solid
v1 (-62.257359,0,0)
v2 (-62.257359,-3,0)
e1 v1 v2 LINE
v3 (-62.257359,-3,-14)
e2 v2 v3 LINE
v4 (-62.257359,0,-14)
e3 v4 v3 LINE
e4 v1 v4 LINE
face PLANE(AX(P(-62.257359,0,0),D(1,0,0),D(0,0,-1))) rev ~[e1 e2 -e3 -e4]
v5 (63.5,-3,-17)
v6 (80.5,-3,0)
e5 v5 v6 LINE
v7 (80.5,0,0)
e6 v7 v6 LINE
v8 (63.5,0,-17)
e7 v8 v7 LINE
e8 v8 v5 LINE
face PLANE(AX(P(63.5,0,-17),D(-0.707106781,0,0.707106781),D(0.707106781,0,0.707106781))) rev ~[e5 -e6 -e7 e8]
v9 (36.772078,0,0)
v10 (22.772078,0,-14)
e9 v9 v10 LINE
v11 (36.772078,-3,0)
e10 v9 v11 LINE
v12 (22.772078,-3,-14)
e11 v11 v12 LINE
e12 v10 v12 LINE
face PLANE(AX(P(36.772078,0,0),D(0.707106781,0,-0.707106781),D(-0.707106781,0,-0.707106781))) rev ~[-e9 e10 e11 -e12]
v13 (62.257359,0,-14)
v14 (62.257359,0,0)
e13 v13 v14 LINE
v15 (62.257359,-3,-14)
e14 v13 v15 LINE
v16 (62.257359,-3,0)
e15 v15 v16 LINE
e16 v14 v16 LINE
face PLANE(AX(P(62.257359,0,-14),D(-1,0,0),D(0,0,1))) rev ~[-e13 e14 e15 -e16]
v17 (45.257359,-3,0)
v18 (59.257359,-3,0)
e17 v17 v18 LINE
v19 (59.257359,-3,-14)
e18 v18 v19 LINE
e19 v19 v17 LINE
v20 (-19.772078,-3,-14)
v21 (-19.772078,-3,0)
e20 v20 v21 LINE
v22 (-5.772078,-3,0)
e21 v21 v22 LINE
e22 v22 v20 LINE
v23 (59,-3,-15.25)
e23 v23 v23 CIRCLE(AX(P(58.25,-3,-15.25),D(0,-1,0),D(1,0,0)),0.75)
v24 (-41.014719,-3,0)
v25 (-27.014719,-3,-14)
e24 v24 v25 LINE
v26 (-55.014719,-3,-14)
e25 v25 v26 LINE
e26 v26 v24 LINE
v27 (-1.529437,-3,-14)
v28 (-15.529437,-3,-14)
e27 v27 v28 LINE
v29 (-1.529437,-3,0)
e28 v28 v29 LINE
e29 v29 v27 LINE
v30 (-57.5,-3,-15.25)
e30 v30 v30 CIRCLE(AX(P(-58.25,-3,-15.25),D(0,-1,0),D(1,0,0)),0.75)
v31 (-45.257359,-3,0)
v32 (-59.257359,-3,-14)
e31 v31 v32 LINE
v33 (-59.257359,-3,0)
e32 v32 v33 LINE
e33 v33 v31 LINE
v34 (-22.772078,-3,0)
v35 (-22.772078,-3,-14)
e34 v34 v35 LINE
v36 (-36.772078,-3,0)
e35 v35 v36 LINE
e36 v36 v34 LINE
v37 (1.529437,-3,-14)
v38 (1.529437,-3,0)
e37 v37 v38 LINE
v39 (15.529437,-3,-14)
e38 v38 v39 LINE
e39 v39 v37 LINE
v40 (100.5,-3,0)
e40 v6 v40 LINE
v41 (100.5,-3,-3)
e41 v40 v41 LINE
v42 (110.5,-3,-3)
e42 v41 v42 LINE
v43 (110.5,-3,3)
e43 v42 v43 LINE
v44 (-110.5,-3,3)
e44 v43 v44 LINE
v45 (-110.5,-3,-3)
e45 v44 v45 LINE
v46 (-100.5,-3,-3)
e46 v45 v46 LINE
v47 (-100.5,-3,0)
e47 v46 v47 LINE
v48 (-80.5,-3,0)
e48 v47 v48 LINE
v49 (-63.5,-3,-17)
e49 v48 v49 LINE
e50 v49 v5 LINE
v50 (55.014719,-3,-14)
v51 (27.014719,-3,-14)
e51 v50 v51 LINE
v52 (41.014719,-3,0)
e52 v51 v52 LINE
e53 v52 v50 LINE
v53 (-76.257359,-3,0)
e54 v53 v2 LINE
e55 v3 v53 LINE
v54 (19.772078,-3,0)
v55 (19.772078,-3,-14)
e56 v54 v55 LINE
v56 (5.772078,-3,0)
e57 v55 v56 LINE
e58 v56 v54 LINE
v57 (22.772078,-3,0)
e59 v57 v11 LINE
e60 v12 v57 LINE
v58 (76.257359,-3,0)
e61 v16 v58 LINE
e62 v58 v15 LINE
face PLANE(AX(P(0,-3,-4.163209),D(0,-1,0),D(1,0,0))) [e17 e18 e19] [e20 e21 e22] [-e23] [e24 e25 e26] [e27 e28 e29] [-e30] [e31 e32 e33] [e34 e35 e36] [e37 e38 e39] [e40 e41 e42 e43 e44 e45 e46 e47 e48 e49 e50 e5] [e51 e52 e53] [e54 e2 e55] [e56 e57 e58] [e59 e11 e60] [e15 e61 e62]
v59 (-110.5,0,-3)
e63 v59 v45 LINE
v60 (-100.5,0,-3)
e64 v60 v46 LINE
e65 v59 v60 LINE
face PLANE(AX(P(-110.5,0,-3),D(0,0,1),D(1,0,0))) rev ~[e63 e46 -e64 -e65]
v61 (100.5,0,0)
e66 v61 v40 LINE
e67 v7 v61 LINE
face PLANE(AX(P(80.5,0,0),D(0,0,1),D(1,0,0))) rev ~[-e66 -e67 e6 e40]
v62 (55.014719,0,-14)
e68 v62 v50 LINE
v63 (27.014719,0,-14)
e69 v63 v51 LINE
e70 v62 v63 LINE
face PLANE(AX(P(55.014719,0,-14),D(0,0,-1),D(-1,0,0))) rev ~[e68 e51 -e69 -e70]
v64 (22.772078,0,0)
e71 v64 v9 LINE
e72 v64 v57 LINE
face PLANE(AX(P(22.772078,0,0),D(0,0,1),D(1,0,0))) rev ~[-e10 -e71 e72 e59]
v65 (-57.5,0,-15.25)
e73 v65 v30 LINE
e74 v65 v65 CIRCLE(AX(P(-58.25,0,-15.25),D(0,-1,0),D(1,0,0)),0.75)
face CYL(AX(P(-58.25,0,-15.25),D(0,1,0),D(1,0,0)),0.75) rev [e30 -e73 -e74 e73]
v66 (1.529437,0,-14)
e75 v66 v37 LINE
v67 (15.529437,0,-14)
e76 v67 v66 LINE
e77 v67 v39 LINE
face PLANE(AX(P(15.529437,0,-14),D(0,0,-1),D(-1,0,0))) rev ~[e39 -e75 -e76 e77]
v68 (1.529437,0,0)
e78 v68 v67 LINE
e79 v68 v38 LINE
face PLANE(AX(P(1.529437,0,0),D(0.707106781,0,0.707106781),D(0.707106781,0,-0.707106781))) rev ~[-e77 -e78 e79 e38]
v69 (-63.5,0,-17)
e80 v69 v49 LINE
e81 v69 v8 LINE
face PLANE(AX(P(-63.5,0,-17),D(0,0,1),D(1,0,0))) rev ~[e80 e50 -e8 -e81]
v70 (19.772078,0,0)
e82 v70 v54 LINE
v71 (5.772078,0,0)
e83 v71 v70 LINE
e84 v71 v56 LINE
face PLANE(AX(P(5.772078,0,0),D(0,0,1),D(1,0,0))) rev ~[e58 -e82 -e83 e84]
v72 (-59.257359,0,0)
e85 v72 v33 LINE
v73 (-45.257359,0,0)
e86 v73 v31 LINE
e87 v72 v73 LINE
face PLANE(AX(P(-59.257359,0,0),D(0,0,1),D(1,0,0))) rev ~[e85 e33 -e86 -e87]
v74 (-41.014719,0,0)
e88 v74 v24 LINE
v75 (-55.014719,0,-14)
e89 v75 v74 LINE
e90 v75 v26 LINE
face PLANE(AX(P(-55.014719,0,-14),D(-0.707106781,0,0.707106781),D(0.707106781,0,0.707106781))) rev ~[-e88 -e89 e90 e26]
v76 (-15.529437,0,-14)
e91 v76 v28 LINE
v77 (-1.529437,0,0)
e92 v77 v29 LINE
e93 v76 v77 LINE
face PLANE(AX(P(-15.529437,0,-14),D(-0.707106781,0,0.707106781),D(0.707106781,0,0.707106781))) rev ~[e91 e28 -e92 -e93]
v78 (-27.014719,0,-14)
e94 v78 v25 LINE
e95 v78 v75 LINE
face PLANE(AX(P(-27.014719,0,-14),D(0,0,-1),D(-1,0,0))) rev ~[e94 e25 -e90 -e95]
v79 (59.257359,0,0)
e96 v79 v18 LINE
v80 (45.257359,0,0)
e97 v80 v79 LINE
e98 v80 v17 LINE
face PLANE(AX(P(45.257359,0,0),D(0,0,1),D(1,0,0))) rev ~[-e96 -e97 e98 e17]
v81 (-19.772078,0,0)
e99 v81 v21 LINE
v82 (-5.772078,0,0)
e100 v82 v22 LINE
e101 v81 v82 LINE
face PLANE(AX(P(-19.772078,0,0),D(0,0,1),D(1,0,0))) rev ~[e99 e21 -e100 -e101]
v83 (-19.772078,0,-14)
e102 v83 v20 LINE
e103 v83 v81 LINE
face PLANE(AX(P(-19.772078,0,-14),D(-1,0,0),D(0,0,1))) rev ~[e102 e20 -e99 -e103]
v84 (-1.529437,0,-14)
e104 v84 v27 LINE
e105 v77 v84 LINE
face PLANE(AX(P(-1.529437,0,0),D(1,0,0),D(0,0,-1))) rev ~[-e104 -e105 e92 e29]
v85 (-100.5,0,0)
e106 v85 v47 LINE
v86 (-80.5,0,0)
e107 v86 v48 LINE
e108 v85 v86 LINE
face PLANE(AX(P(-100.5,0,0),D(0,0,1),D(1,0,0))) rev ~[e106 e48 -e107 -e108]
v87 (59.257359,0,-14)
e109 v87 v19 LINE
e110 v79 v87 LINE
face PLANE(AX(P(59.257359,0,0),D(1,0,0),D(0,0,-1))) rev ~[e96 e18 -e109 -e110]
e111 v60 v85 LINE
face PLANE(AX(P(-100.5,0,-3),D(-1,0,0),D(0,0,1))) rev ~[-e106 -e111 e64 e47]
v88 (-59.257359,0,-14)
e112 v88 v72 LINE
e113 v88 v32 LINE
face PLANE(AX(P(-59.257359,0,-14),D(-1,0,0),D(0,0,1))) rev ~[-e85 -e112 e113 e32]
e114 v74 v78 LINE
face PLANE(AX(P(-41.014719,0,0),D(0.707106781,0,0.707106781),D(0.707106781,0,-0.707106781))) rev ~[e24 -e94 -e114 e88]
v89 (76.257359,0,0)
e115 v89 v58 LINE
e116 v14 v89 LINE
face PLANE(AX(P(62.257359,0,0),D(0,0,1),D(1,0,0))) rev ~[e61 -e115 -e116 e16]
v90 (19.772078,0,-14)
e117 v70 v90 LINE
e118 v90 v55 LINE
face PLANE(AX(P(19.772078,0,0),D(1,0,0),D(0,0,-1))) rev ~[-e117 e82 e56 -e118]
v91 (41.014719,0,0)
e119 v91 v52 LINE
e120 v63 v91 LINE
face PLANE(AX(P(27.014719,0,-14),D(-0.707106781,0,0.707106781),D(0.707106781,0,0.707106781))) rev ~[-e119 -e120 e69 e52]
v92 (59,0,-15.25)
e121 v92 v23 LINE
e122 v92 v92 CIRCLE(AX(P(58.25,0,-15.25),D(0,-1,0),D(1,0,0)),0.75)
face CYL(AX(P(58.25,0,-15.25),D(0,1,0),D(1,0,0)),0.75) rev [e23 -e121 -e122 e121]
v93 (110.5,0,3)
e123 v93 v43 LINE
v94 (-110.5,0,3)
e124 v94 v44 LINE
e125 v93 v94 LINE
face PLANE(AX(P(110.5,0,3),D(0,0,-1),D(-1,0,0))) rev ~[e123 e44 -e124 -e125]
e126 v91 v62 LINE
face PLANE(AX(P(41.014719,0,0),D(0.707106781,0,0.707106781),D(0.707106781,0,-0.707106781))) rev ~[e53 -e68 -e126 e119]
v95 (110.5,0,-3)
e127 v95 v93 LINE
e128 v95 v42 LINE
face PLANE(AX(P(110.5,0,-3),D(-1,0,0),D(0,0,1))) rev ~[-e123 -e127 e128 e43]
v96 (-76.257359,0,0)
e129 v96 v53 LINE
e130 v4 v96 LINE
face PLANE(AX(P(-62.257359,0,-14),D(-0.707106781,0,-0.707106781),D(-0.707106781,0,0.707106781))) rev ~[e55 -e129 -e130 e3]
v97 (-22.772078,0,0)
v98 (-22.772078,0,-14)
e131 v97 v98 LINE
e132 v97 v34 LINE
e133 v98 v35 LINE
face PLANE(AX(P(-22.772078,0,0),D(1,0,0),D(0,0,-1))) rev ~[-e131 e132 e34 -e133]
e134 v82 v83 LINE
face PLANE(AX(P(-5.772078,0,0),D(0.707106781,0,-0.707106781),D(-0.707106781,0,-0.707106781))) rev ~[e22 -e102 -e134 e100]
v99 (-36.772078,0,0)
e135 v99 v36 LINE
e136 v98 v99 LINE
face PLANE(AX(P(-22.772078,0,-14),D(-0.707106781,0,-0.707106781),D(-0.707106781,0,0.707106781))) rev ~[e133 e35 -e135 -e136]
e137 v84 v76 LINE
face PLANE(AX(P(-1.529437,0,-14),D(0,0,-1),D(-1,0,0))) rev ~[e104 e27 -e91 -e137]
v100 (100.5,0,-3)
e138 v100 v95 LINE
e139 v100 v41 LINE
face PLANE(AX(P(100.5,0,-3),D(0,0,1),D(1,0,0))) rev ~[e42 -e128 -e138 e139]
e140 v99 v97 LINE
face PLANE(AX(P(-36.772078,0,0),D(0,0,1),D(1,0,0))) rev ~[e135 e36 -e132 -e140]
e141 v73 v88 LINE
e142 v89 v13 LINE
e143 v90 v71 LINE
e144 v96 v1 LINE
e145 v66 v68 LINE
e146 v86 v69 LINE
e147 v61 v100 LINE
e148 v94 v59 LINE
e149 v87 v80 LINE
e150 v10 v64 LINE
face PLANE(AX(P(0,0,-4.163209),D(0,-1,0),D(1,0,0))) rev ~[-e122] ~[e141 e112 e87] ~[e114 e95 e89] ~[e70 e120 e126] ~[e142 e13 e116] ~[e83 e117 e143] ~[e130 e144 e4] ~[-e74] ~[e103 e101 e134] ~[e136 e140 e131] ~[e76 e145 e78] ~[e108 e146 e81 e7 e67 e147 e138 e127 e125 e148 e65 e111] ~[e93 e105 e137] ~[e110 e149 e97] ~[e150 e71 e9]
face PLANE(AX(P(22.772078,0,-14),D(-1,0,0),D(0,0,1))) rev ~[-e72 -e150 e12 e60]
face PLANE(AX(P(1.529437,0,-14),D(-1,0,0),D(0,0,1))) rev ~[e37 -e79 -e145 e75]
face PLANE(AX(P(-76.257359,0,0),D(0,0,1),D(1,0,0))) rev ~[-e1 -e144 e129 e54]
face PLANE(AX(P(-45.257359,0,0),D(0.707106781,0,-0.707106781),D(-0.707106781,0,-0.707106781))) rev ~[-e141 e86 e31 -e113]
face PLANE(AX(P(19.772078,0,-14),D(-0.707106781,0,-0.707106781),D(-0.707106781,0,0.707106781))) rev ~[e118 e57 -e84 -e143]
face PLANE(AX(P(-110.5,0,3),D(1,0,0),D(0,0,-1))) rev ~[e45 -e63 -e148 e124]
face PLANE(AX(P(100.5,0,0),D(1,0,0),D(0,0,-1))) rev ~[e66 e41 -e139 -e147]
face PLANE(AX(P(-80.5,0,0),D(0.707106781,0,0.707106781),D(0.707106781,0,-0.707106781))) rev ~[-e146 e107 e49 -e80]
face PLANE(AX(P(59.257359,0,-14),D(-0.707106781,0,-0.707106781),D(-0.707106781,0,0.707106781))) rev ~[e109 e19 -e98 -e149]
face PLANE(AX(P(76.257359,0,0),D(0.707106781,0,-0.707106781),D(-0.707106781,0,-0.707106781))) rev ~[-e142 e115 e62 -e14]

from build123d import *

# Parameters (mm, degrees)
F0_R     = 0.75
F1_DEPTH = 3


with BuildPart() as f1:
    # F0 (on Front) → F1 (new body)
    with BuildSketch(Plane.XZ):
        Polygon((-100.5, -3), (-100.5, 0), (-80.5, 0), (-63.5, -17), (0, -17), (63.5, -17), (80.5, 0), (100.5, 0), (100.5, -3), (110.5, -3), (110.5, 0), (110.5, 3), (0, 3), (-110.5, 3), (-110.5, 0), (-110.5, -3), align=None)
        with Locations((-58.25, -15.25)):
            Circle(F0_R, mode=Mode.SUBTRACT)
        with Locations((58.25, -15.25)):
            Circle(F0_R, mode=Mode.SUBTRACT)
        Polygon((-62.257359, -14), (-76.257359, 0), (-62.257359, 0), align=None, mode=Mode.SUBTRACT)
        Polygon((-45.257359, 0), (-59.257359, -14), (-59.257359, 0), align=None, mode=Mode.SUBTRACT)
        Polygon((-55.014719, -14), (-41.014719, 0), (-27.014719, -14), align=None, mode=Mode.SUBTRACT)
        Polygon((-22.772078, -14), (-36.772078, 0), (-22.772078, 0), align=None, mode=Mode.SUBTRACT)
        Polygon((-5.772078, 0), (-19.772078, -14), (-19.772078, 0), align=None, mode=Mode.SUBTRACT)
        Polygon((-1.529437, 0), (-1.529437, -14), (-15.529437, -14), align=None, mode=Mode.SUBTRACT)
        Polygon((1.529437, -14), (1.529437, 0), (15.529437, -14), align=None, mode=Mode.SUBTRACT)
        Polygon((19.772078, 0), (19.772078, -14), (5.772078, 0), align=None, mode=Mode.SUBTRACT)
        Polygon((36.772078, 0), (22.772078, -14), (22.772078, 0), align=None, mode=Mode.SUBTRACT)
        Polygon((27.014719, -14), (41.014719, 0), (55.014719, -14), align=None, mode=Mode.SUBTRACT)
        Polygon((45.257359, 0), (59.257359, 0), (59.257359, -14), align=None, mode=Mode.SUBTRACT)
        Polygon((62.257359, -14), (62.257359, 0), (76.257359, 0), align=None, mode=Mode.SUBTRACT)
    extrude(amount=F1_DEPTH)


solid = f1.part
